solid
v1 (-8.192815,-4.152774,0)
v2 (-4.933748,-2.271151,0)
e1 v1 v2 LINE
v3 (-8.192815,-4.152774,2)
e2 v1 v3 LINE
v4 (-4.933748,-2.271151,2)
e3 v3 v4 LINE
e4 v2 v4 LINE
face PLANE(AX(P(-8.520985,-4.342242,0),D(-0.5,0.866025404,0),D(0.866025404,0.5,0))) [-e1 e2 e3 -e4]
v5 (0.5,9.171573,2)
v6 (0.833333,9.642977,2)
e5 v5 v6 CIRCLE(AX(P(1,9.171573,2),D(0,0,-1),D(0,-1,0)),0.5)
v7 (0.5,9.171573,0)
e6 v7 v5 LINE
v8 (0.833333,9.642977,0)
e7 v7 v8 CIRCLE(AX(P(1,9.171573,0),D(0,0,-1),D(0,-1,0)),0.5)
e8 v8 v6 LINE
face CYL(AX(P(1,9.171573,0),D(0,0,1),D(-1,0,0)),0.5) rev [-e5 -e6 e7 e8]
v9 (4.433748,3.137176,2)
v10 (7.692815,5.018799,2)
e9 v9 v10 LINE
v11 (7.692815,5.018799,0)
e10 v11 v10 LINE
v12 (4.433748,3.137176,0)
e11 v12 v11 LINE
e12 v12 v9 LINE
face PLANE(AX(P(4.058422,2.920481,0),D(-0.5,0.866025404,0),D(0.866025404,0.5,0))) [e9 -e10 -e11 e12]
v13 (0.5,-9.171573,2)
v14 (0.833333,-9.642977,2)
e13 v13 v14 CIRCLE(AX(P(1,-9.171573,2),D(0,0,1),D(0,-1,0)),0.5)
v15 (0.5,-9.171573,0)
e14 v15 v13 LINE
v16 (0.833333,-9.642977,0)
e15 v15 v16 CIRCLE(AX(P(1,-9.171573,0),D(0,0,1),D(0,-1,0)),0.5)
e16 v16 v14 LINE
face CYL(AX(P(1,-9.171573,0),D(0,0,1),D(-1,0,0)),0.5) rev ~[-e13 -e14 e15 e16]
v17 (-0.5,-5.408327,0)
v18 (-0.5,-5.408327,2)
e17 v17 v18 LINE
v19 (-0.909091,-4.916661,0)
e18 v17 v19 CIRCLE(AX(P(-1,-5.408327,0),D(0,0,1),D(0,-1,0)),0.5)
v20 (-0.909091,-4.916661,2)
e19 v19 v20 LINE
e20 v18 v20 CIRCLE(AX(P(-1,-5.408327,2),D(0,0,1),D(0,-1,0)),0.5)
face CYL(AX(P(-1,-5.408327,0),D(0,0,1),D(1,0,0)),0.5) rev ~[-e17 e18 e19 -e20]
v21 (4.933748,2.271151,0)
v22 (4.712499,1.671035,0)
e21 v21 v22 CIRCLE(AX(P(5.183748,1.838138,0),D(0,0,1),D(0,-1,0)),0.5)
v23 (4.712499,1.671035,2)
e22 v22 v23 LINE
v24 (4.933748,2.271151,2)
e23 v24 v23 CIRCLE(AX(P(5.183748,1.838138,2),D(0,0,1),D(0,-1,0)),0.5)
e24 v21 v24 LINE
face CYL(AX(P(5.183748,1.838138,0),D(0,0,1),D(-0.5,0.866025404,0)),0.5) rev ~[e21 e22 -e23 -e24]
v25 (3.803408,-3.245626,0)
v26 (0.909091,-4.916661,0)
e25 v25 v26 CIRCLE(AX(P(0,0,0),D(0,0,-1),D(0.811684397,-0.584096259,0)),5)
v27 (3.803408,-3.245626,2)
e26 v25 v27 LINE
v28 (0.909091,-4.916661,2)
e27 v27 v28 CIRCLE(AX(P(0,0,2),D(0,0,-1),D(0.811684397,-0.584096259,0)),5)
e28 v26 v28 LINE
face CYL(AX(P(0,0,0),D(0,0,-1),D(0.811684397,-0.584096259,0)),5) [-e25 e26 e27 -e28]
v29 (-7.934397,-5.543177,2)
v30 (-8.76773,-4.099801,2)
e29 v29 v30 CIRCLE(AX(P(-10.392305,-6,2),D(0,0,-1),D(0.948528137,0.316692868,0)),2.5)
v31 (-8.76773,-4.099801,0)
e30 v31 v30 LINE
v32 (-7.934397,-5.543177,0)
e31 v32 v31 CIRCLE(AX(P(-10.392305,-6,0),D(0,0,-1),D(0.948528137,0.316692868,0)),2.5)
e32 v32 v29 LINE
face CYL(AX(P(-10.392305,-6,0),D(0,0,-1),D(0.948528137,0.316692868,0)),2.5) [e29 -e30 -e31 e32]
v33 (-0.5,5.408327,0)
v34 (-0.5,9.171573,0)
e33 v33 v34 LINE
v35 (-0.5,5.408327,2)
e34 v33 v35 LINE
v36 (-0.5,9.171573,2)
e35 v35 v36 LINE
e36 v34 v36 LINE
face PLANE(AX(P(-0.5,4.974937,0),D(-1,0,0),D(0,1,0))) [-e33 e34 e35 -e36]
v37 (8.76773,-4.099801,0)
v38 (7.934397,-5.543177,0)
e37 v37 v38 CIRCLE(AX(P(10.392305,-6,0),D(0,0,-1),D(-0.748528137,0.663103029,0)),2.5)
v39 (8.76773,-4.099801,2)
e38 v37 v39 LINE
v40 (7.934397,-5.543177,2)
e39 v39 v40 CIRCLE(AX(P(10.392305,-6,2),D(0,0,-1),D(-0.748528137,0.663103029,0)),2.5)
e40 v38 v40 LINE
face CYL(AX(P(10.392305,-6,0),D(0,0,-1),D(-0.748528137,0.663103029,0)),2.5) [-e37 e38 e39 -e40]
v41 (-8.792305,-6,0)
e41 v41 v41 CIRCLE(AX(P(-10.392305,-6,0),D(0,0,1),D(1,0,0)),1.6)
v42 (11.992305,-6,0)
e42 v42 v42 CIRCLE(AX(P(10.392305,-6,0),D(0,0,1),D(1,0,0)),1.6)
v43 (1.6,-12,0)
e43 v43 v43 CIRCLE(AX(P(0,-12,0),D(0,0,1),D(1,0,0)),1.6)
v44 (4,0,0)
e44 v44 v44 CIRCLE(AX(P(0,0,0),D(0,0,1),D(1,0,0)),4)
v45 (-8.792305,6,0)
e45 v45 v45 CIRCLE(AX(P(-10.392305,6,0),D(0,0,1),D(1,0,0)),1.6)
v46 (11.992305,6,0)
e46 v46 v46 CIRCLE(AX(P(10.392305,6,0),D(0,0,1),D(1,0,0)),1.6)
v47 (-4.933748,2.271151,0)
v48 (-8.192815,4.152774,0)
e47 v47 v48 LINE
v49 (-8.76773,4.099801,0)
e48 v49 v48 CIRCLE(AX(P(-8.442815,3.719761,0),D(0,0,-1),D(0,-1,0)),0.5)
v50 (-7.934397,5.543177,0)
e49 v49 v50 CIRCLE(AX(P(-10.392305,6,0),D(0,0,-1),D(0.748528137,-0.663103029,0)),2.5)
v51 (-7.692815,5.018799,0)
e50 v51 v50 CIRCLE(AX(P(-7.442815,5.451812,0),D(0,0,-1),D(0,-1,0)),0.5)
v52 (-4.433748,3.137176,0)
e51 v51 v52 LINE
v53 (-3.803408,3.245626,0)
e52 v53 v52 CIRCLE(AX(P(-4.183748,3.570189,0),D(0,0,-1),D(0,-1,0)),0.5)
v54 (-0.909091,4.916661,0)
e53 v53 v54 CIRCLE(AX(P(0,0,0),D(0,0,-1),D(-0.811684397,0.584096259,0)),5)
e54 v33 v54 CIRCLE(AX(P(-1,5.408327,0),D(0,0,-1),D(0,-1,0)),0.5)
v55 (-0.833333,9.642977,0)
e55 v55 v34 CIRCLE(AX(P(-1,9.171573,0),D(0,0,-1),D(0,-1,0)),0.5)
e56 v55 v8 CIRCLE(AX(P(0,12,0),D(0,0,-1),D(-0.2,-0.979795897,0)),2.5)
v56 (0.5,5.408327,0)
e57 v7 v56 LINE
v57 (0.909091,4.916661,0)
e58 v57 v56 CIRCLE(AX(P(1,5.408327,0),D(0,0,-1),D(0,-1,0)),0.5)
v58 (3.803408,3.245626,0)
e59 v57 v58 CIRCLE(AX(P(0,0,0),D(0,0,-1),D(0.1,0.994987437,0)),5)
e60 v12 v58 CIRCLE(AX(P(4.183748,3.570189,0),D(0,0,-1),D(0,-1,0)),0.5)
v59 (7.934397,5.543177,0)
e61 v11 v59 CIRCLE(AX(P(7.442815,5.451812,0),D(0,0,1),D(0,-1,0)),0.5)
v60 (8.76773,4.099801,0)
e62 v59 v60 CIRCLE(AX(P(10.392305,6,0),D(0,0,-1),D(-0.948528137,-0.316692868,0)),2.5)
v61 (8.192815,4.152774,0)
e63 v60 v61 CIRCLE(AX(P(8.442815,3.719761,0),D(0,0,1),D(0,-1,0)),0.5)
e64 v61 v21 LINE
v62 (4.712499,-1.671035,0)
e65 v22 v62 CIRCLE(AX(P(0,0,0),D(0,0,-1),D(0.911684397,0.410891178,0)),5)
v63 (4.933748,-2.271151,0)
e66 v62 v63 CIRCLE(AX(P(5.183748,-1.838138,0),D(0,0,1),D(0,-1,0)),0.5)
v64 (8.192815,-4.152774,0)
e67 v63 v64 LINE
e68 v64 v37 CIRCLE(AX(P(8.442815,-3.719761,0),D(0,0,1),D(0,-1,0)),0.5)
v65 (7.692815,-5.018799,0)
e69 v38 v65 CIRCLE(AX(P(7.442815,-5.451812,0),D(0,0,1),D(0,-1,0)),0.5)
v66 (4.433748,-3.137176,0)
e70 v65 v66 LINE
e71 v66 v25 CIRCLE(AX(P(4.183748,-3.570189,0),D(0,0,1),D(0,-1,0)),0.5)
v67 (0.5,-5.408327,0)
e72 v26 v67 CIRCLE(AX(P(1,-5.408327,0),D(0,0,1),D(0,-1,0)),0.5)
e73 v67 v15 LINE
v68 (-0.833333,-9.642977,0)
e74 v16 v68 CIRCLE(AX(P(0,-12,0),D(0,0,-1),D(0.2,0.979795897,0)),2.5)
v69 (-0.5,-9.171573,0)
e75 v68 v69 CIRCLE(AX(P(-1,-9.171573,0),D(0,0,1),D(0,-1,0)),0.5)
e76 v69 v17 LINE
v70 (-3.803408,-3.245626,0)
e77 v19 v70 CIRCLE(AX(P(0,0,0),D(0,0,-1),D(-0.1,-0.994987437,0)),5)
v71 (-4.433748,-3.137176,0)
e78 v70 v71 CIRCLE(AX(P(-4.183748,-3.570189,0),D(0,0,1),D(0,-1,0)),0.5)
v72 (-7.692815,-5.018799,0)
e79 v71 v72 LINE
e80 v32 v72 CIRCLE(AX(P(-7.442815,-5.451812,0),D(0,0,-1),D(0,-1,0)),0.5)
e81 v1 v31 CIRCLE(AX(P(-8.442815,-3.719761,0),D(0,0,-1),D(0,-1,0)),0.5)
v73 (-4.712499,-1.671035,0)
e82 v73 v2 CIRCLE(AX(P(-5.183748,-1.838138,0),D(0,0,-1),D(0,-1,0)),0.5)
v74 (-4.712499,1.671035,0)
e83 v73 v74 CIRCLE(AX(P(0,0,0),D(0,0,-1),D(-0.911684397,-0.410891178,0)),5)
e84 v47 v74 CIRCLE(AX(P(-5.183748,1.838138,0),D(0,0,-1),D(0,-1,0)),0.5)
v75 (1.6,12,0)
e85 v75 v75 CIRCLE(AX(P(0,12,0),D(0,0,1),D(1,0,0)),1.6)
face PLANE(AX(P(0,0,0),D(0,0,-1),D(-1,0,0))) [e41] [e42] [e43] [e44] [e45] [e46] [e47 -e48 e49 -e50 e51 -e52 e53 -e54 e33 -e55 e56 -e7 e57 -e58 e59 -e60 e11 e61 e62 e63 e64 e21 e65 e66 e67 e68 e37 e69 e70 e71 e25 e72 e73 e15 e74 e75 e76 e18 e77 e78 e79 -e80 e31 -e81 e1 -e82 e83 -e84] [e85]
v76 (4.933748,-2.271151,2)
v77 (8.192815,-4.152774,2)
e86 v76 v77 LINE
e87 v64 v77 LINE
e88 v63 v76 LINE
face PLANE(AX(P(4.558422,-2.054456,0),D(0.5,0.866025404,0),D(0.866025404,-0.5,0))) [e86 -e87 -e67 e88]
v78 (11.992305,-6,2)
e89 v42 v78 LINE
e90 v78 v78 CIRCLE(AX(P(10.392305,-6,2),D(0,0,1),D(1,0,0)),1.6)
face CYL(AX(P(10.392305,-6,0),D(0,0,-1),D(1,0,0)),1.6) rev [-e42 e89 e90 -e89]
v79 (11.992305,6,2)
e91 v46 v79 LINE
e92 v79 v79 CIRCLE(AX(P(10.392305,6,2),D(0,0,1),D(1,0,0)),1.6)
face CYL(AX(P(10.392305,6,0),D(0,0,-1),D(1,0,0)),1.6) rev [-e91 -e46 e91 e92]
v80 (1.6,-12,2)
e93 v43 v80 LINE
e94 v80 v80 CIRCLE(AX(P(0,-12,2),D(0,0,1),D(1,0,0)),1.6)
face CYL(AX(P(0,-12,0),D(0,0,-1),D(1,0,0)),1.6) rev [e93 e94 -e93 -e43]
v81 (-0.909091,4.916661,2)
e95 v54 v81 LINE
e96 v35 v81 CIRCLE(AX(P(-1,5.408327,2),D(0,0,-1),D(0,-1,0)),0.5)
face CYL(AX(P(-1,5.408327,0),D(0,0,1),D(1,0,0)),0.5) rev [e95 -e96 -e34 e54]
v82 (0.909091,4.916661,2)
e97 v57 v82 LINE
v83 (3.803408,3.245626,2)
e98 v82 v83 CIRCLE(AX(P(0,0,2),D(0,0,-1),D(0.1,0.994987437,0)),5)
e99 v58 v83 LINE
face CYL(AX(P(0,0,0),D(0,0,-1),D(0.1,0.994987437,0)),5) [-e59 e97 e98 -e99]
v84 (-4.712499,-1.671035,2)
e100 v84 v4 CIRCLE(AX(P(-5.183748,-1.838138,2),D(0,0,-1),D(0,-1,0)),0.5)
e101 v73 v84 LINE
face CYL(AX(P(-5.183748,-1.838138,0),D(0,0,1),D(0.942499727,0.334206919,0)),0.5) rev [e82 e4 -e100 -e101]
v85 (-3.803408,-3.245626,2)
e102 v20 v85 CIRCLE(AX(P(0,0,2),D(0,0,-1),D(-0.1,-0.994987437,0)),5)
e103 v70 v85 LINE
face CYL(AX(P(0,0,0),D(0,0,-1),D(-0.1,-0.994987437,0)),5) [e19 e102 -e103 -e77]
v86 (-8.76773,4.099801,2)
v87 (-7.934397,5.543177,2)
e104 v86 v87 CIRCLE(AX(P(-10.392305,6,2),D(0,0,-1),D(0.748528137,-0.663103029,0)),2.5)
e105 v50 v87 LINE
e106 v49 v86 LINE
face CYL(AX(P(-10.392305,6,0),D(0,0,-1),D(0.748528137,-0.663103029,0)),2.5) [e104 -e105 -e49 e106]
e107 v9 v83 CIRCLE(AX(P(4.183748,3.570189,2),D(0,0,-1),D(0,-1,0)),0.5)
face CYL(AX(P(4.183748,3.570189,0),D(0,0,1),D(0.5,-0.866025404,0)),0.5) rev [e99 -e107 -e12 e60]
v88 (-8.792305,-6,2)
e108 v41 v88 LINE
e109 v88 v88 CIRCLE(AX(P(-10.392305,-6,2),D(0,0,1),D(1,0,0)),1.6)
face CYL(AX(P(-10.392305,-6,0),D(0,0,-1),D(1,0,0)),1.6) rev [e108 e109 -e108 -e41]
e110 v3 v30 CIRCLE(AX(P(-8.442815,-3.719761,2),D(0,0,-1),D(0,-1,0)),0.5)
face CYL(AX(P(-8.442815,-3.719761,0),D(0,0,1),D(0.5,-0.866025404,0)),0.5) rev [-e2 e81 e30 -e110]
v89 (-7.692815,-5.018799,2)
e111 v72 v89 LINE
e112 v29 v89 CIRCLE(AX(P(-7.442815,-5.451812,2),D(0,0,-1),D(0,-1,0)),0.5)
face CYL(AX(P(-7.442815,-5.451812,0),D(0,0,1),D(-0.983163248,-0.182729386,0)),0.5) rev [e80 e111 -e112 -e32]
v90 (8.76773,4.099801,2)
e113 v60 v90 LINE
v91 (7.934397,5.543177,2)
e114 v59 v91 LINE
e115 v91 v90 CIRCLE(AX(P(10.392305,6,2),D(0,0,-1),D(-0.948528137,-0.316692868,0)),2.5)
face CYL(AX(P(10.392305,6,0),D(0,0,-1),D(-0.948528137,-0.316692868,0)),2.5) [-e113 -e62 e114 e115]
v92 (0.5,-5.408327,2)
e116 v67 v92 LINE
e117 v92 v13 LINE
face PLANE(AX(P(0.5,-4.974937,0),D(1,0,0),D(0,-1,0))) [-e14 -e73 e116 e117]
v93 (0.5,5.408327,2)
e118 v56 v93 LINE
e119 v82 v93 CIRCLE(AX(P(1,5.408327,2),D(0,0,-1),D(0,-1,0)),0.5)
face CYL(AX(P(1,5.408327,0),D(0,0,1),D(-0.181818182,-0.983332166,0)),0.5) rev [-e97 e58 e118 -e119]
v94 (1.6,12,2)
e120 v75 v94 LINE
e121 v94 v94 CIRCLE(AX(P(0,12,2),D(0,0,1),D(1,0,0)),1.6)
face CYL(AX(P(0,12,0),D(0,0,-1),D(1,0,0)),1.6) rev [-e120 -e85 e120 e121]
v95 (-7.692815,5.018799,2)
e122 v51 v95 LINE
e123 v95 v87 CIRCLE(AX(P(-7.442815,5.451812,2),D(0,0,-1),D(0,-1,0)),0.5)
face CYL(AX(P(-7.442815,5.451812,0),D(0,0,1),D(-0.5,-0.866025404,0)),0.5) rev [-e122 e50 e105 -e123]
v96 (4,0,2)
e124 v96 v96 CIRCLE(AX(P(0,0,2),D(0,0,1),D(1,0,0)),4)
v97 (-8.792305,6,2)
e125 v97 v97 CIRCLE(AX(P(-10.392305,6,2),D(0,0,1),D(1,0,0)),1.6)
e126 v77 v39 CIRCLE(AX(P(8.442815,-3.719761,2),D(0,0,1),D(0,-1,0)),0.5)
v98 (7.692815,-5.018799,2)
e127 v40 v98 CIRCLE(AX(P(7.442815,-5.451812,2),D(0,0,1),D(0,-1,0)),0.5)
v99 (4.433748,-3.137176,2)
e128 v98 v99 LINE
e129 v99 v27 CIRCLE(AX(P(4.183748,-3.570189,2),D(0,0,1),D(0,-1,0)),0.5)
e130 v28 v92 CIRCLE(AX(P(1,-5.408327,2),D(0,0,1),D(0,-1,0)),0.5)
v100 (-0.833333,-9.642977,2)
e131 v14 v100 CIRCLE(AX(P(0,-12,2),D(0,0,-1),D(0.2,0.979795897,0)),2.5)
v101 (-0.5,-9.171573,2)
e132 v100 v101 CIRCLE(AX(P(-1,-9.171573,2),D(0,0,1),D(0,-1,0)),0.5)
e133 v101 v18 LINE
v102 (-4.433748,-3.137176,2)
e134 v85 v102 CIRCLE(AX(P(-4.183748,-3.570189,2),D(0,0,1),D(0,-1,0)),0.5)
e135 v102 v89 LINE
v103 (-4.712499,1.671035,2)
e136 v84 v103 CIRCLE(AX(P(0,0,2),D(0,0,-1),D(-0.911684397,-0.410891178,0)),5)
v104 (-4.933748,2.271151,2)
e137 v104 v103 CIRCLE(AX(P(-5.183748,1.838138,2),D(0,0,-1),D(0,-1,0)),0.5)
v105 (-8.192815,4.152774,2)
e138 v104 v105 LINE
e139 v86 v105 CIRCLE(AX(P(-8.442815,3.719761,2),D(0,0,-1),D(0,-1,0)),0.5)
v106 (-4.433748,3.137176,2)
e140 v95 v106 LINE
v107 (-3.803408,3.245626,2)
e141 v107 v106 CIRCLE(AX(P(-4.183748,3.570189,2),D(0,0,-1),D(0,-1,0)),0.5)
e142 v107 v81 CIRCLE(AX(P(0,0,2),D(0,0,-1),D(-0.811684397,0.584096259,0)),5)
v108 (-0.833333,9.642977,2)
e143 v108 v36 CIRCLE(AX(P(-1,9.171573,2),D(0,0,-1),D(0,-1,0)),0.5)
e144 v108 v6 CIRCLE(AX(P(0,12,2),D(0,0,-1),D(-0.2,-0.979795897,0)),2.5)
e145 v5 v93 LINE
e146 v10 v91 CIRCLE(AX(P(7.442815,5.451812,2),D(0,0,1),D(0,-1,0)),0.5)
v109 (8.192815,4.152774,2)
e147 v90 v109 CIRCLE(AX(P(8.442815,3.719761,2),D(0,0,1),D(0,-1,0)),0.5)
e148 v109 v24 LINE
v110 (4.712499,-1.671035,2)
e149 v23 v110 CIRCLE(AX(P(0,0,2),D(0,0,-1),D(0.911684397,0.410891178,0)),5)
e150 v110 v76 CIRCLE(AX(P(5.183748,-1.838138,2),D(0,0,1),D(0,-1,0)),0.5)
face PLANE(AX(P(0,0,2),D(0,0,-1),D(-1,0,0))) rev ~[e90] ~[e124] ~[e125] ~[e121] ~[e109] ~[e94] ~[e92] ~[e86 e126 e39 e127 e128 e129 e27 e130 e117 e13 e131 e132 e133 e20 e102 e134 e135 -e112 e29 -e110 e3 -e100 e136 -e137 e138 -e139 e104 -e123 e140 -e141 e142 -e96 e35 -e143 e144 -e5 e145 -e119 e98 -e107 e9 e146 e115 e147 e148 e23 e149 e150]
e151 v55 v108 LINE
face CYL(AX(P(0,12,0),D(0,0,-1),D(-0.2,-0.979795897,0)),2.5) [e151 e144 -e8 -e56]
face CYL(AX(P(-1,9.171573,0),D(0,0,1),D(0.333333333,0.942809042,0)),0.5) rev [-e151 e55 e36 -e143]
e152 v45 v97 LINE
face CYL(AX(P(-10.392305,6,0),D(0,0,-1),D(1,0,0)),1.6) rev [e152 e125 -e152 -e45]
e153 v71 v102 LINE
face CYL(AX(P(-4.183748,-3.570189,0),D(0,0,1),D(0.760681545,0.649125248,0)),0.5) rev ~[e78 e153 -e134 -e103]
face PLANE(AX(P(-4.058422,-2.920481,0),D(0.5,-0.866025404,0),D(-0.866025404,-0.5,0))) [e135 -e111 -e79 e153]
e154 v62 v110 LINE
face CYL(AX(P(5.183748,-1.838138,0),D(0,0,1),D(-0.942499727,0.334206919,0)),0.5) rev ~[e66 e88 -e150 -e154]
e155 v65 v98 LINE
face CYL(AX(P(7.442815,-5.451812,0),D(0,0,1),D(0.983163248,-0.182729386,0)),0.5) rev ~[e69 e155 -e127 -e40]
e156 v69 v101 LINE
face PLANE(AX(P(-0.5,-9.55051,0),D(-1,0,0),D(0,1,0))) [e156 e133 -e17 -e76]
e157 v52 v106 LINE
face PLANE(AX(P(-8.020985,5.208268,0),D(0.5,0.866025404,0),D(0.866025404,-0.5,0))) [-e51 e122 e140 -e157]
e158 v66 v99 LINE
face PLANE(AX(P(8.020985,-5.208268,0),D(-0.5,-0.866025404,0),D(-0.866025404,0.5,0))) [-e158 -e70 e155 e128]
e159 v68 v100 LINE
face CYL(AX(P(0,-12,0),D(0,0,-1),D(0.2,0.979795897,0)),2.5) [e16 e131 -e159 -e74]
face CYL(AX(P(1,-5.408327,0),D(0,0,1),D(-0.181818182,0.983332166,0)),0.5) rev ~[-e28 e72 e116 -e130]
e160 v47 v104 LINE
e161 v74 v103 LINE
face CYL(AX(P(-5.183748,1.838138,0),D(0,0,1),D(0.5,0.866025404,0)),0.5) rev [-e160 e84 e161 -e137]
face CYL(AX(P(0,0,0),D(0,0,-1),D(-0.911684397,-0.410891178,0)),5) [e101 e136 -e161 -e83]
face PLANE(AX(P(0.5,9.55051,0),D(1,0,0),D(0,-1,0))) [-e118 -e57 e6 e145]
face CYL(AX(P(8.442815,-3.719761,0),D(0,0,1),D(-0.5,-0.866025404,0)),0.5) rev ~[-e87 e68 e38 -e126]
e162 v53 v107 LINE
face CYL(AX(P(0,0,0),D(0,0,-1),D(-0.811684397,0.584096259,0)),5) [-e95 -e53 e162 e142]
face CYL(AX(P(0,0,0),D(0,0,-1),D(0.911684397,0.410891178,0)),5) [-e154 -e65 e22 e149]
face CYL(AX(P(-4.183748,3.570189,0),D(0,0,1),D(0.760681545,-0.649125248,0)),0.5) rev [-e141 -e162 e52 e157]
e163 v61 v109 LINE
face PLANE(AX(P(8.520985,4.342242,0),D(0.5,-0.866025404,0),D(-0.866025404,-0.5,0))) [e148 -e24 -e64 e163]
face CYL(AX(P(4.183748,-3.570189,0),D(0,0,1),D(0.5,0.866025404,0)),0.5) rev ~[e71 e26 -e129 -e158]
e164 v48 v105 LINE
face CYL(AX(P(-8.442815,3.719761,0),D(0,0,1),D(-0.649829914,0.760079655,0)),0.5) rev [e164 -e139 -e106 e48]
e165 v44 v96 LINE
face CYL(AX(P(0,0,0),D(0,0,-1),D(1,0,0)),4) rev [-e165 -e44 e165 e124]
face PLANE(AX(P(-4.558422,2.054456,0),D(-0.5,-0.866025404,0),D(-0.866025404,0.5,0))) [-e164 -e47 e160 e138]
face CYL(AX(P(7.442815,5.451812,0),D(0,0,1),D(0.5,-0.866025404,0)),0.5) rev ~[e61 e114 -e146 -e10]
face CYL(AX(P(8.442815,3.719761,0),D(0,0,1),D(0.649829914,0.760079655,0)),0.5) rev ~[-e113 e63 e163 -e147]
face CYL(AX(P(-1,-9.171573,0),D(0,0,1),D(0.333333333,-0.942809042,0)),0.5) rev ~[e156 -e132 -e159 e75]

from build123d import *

# Parameters (mm, degrees)
SKETCH_1_R      = 1.6
SKETCH_1_R_2    = 4
EXTRUDE_1_DEPTH = 2
FILLET_1_R      = 0.5


with BuildPart() as part:
    # ｽｹｯﾁ1 → ﾎﾞｽ - 押し出し1 (new body)
    with BuildSketch(Plane.XY):
        with BuildLine():
            Line((4.058421985, 2.920481295), (8.020984502, 5.208267831))
            ThreePointArc((8.020984502, 5.208267831), (12.557368355, 7.25), (8.520984502, 4.342242427))
            Line((8.520984502, 4.342242427), (4.558421985, 2.054455891))
            ThreePointArc((4.558421985, 2.054455891), (5, 0), (4.558421985, -2.054455891))
            Line((4.558421985, -2.054455891), (8.520984502, -4.342242427))
            ThreePointArc((8.520984502, -4.342242427), (12.557368355, -7.25), (8.020984502, -5.208267831))
            Line((8.020984502, -5.208267831), (4.058421985, -2.920481295))
            ThreePointArc((4.058421985, -2.920481295), (2.5, -4.330127019), (0.5, -4.974937186))
            Line((0.5, -4.974937186), (0.5, -9.550510257))
            ThreePointArc((0.5, -9.550510257), (0, -14.5), (-0.5, -9.550510257))
            Line((-0.5, -9.550510257), (-0.5, -4.974937186))
            ThreePointArc((-0.5, -4.974937186), (-2.5, -4.330127019), (-4.058421985, -2.920481295))
            Line((-4.058421985, -2.920481295), (-8.020984502, -5.208267831))
            ThreePointArc((-8.020984502, -5.208267831), (-12.557368355, -7.25), (-8.520984502, -4.342242427))
            Line((-8.520984502, -4.342242427), (-4.558421985, -2.054455891))
            ThreePointArc((-4.558421985, -2.054455891), (-5, 0), (-4.558421985, 2.054455891))
            Line((-4.558421985, 2.054455891), (-8.520984502, 4.342242427))
            ThreePointArc((-8.520984502, 4.342242427), (-12.557368355, 7.25), (-8.020984502, 5.208267831))
            Line((-8.020984502, 5.208267831), (-4.058421985, 2.920481295))
            ThreePointArc((-4.058421985, 2.920481295), (-2.5, 4.330127019), (-0.5, 4.974937186))
            Line((-0.5, 4.974937186), (-0.5, 9.550510257))
            ThreePointArc((-0.5, 9.550510257), (0, 14.5), (0.5, 9.550510257))
            Line((0.5, 9.550510257), (0.5, 4.974937186))
            ThreePointArc((0.5, 4.974937186), (2.5, 4.330127019), (4.058421985, 2.920481295))
        make_face()
        with Locations((0, 12)):
            Circle(SKETCH_1_R, mode=Mode.SUBTRACT)
        with Locations((10.392304845, 6)):
            Circle(SKETCH_1_R, mode=Mode.SUBTRACT)
        with Locations((10.392304845, -6)):
            Circle(SKETCH_1_R, mode=Mode.SUBTRACT)
        with Locations((0, -12)):
            Circle(SKETCH_1_R, mode=Mode.SUBTRACT)
        with Locations((-10.392304845, -6)):
            Circle(SKETCH_1_R, mode=Mode.SUBTRACT)
        with Locations((-10.392304845, 6)):
            Circle(SKETCH_1_R, mode=Mode.SUBTRACT)
        Circle(SKETCH_1_R_2, mode=Mode.SUBTRACT)
    extrude(amount=EXTRUDE_1_DEPTH)

    # ﾌｨﾚｯﾄ1
    fillet_1_edges = [part.edges().sort_by_distance(p)[0] for p in [
        (0.5, 9.550510257, 1),
        (0.5, 4.974937186, 1),
        (4.058421985, 2.920481295, 1),
        (8.020984502, 5.208267831, 1),
        (8.520984502, 4.342242427, 1),
        (4.558421985, 2.054455891, 1),
        (4.558421985, -2.054455891, 1),
        (8.520984502, -4.342242427, 1),
        (8.020984502, -5.208267831, 1),
        (4.058421985, -2.920481295, 1),
        (0.5, -4.974937186, 1),
        (0.5, -9.550510257, 1),
        (-0.5, -9.550510257, 1),
        (-0.5, -4.974937186, 1),
        (-4.058421985, -2.920481295, 1),
        (-8.020984502, -5.208267831, 1),
        (-8.520984502, -4.342242427, 1),
        (-4.558421985, -2.054455891, 1),
        (-4.558421985, 2.054455891, 1),
        (-8.520984502, 4.342242427, 1),
        (-8.020984502, 5.208267831, 1),
        (-4.058421985, 2.920481295, 1),
        (-0.5, 4.974937186, 1),
        (-0.5, 9.550510257, 1),
    ]]
    fillet(fillet_1_edges, radius=FILLET_1_R)


solid = part.part
